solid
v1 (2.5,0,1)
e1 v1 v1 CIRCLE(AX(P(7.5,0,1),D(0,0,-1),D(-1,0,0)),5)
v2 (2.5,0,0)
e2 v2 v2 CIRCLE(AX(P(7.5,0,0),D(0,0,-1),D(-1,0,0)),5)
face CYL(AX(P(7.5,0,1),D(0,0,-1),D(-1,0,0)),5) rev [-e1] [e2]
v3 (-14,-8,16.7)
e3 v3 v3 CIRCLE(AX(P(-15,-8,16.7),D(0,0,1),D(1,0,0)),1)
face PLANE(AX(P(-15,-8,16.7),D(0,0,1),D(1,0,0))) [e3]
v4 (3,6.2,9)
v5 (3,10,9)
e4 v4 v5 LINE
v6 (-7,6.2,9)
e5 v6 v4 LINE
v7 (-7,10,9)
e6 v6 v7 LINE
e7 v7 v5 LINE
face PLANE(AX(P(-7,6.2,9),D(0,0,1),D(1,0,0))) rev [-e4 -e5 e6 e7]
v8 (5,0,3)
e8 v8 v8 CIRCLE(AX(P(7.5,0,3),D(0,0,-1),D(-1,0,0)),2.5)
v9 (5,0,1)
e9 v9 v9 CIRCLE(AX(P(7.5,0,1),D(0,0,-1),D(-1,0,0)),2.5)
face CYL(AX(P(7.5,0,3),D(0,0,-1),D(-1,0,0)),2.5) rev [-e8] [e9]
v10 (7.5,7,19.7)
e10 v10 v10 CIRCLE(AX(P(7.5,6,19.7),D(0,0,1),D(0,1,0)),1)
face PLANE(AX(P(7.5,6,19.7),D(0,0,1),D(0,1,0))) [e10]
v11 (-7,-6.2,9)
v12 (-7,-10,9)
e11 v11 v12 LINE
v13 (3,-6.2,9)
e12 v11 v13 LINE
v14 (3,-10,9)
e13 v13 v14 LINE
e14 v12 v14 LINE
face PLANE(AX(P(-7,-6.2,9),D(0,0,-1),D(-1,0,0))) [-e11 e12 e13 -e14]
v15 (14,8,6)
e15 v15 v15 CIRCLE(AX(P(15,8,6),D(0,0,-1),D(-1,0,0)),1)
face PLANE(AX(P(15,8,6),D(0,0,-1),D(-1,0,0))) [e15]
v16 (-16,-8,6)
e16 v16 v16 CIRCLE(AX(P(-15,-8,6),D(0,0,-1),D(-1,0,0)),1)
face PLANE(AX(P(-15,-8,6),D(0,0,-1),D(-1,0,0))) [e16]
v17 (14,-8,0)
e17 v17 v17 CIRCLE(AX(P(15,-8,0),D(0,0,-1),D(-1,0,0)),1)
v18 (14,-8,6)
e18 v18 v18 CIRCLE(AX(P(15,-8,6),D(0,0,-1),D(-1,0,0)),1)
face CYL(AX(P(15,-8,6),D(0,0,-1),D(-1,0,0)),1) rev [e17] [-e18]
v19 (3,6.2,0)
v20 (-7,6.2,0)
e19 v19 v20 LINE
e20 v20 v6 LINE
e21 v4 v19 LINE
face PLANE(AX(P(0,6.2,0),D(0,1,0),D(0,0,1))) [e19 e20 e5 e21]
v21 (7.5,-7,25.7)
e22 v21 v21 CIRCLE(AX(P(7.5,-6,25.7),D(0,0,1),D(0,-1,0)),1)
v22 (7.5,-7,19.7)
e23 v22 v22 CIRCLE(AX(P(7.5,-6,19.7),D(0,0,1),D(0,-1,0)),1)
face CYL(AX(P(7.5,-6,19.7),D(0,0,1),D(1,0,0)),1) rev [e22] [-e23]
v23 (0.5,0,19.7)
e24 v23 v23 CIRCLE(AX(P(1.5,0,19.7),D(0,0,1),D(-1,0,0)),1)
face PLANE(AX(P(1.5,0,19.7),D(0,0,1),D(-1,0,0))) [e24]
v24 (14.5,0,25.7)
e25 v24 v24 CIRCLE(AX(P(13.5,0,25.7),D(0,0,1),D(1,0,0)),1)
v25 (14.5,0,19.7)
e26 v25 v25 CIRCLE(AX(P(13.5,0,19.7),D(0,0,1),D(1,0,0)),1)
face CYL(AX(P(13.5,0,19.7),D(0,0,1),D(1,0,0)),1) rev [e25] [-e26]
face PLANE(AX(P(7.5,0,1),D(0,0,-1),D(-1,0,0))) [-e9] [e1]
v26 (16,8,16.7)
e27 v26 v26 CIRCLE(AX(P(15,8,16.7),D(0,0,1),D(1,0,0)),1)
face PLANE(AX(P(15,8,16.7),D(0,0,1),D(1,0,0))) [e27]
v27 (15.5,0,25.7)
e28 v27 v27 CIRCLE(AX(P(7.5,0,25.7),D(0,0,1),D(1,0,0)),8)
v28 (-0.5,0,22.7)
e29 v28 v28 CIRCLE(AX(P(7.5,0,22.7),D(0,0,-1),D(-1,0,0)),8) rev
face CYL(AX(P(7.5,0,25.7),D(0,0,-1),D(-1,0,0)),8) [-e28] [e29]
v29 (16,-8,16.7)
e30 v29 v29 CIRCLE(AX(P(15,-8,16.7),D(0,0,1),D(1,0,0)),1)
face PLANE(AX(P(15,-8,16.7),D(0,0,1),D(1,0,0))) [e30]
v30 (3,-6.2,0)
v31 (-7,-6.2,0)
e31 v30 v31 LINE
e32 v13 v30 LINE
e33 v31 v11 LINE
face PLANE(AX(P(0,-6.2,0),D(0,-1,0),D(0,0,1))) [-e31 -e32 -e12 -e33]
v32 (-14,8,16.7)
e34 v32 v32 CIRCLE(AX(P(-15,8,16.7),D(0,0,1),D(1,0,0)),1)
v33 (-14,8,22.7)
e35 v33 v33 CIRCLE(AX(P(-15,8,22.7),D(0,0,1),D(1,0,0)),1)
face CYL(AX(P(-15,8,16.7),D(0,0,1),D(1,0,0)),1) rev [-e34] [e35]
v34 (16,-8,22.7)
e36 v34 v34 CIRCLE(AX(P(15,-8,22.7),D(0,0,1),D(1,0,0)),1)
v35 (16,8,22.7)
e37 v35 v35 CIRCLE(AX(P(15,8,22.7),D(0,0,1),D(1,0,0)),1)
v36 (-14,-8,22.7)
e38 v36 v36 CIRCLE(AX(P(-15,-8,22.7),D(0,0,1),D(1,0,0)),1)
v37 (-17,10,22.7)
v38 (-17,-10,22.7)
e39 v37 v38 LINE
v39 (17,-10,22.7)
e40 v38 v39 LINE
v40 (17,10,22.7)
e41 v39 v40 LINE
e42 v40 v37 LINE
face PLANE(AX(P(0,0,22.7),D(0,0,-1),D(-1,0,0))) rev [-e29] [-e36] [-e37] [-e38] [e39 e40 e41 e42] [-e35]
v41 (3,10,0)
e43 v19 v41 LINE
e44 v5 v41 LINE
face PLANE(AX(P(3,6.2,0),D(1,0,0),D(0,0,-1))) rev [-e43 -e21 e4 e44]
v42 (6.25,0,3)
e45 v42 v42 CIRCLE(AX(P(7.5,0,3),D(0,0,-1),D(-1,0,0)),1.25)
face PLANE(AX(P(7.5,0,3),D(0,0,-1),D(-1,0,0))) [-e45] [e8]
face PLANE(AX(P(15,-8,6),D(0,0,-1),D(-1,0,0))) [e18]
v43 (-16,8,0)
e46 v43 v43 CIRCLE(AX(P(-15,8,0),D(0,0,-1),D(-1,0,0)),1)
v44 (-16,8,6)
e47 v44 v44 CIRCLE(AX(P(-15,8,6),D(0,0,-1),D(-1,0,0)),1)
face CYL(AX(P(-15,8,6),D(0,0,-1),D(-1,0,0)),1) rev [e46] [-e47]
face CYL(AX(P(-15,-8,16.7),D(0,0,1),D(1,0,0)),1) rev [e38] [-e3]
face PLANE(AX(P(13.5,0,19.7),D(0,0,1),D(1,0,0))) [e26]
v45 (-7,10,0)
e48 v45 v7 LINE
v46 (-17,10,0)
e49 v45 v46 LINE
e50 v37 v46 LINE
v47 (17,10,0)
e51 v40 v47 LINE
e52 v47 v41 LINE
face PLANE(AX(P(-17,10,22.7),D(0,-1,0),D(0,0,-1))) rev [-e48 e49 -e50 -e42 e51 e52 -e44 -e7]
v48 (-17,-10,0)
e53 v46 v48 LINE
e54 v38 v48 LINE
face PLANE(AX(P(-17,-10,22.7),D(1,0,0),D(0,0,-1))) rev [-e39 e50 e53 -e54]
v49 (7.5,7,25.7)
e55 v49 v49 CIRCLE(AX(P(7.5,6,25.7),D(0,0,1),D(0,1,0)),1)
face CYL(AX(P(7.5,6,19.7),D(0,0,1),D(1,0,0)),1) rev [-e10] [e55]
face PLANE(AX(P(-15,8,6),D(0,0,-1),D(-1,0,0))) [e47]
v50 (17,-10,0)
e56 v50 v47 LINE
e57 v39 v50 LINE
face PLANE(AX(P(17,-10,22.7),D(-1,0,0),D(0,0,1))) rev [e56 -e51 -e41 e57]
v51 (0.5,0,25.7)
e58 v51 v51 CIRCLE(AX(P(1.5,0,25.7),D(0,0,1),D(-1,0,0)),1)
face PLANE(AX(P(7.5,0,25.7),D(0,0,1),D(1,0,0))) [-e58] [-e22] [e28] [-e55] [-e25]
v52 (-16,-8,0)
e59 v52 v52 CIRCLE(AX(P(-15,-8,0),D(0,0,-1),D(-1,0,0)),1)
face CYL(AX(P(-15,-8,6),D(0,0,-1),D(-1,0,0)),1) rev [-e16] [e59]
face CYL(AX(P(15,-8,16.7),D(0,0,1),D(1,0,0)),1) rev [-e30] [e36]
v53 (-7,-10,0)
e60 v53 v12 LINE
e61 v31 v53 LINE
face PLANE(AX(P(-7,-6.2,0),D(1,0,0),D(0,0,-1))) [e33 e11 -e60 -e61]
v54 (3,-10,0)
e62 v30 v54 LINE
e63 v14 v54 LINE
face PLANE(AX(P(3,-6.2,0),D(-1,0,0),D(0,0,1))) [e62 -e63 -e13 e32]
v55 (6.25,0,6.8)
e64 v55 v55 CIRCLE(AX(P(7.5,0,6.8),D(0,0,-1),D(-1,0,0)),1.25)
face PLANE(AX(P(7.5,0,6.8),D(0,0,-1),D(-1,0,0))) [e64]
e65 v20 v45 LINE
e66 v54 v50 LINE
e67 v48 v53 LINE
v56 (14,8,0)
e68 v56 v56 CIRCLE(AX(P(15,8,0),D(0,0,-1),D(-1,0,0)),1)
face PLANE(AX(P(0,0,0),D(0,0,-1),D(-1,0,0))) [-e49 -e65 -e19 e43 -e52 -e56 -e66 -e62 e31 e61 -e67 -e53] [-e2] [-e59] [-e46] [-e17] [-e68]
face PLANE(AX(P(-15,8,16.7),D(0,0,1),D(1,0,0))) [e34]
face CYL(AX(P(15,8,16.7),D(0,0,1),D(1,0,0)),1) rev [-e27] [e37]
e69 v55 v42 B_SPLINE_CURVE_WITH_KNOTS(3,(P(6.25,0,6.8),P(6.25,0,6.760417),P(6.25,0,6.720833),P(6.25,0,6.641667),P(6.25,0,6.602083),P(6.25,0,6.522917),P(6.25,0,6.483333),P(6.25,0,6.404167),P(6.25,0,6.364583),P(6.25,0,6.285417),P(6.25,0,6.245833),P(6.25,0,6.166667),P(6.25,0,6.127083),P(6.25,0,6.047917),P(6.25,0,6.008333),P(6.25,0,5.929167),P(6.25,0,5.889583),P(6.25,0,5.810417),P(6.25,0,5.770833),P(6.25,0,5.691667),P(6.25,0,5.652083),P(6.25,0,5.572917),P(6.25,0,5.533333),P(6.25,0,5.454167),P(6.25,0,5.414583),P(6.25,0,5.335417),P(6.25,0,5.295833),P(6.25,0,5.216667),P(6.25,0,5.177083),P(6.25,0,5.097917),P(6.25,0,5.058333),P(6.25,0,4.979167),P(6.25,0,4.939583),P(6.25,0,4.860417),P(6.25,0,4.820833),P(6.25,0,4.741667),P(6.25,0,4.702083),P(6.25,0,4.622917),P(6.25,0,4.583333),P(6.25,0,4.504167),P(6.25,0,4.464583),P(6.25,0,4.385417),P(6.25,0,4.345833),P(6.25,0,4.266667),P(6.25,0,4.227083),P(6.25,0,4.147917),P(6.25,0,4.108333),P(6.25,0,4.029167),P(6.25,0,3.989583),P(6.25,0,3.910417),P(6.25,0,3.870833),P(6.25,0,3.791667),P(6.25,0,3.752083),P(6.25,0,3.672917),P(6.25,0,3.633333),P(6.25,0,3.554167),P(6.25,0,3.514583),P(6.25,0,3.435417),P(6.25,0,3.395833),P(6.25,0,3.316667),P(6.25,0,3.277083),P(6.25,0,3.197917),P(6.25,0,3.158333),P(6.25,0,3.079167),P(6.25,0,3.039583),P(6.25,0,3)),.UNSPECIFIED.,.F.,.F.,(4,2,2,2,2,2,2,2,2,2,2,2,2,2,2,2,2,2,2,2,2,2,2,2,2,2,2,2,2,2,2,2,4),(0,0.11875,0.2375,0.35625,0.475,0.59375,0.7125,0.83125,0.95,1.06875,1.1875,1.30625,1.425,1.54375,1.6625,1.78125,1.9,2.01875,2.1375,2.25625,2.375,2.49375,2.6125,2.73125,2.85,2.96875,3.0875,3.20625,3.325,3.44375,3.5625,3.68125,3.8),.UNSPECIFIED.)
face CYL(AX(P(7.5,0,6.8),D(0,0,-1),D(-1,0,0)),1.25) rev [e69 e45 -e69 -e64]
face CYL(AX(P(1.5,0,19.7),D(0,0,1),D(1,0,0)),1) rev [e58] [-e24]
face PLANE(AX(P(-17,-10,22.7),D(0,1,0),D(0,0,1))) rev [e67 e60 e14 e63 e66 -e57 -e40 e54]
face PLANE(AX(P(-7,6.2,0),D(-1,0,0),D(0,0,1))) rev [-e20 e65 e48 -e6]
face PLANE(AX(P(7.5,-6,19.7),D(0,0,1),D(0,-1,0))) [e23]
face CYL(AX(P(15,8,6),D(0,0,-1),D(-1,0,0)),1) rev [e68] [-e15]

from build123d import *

# Parameters (mm, degrees)
SKETCH_1_W               = 34
SKETCH_1_H               = 20
EXTRUDE_1_DEPTH          = 22.7
SKETCH_2_R               = 8
EXTRUDE_2_DEPTH          = 3
SKETCH_3_R               = 1
CUT_EXTRUDE_1_DEPTH      = 6
CUT_EXTRUDE_START        = -6
SKETCH_5_R               = 1
CUT_EXTRUDE_2_DEPTH      = 6
SKETCH_6_R               = 5
CUT_EXTRUDE_3_DEPTH      = 1
SKETCH_7_R               = 2.5
CUT_EXTRUDE_4_DEPTH      = 2
SKETCH_8_W               = 10
SKETCH_8_H               = 9
CUT_EXTRUDE_5_DEPTH      = 3.8
SKETCH_9_R               = 1.25
CUT_EXTRUDE_6_DEPTH      = 3.8
SKETCH_10_R              = 1
CUT_EXTRUDE_7_DEPTH      = 6
PATTERN_CIRCULAR_1_COUNT = 4


with BuildPart() as part:
    # 草图1 → 凸台-拉伸1 (new body)
    with BuildSketch(Plane.XY):
        Rectangle(SKETCH_1_W, SKETCH_1_H)
    extrude(amount=EXTRUDE_1_DEPTH)

    # 草图2 → 凸台-拉伸2 (add)
    with BuildSketch(Plane.XY.offset(22.7)):
        with Locations(Location((7.5, 0, 0), (0, 0, 180))):
            Circle(SKETCH_2_R)
    extrude(amount=EXTRUDE_2_DEPTH)

    # 草图3 → 切除-拉伸1 (cut)
    with BuildSketch(Plane.XY.offset(22.7)):
        with Locations((-15, 8)):
            Circle(SKETCH_3_R)
        with Locations((15, 8)):
            Circle(SKETCH_3_R)
        with Locations((-15, -8)):
            Circle(SKETCH_3_R)
        with Locations((15, -8)):
            Circle(SKETCH_3_R)
    extrude(amount=-CUT_EXTRUDE_1_DEPTH, mode=Mode.SUBTRACT)

    # 草图5 → 切除-拉伸2 (cut)
    with BuildSketch(Plane(origin=(0, 0, 0), x_dir=(-1, 0, 0), z_dir=(0, 0, -1)).offset(CUT_EXTRUDE_START)):
        with Locations(Location((-15, 8, 0), (0, 0, 180))):
            Circle(SKETCH_5_R)
        with Locations(Location((15, 8, 0), (0, 0, 180))):
            Circle(SKETCH_5_R)
        with Locations(Location((-15, -8, 0), (0, 0, 180))):
            Circle(SKETCH_5_R)
        with Locations(Location((15, -8, 0), (0, 0, 180))):
            Circle(SKETCH_5_R)
    extrude(amount=CUT_EXTRUDE_2_DEPTH, mode=Mode.SUBTRACT)

    # 草图6 → 切除-拉伸3 (cut)
    with BuildSketch(Plane(origin=(0, 0, 0), x_dir=(-1, 0, 0), z_dir=(0, 0, -1))):
        with Locations((-7.5, 0)):
            Circle(SKETCH_6_R)
    extrude(amount=-CUT_EXTRUDE_3_DEPTH, mode=Mode.SUBTRACT)

    # 草图7 → 切除-拉伸4 (cut)
    with BuildSketch(Plane(origin=(0, 0, 1), x_dir=(-1, 0, 0), z_dir=(0, 0, -1))):
        with Locations((-7.5, 0)):
            Circle(SKETCH_7_R)
    extrude(amount=-CUT_EXTRUDE_4_DEPTH, mode=Mode.SUBTRACT)

    # 草图8 → 切除-拉伸5 (cut)
    with BuildSketch(Plane(origin=(0, 10, 0), x_dir=(1, 0, 0), z_dir=(0, 1, 0))):
        with Locations((-2, -4.5)):
            Rectangle(SKETCH_8_W, SKETCH_8_H)
    cut_extrude_5 = extrude(amount=-CUT_EXTRUDE_5_DEPTH, mode=Mode.SUBTRACT)

    # 镜向1: 切除-拉伸5 across plane
    add(cut_extrude_5.mirror(Plane.ZX), mode=Mode.SUBTRACT)

    # 草图9 → 切除-拉伸6 (cut)
    with BuildSketch(Plane(origin=(0, 0, 3), x_dir=(-1, 0, 0), z_dir=(0, 0, -1))):
        with Locations((-7.5, 0)):
            Circle(SKETCH_9_R)
    extrude(amount=-CUT_EXTRUDE_6_DEPTH, mode=Mode.SUBTRACT)

    # 草图10 → 切除-拉伸7 (cut)
    with BuildSketch(Plane.XY.offset(25.7)):
        with Locations((13.5, 0)):
            Circle(SKETCH_10_R)
    cut_extrude_7 = extrude(amount=-CUT_EXTRUDE_7_DEPTH, mode=Mode.SUBTRACT)

    # 阵列(圆周)1: 切除-拉伸7 ×4 about axis
    pattern_circular_1_axis = Axis((7.5, 0, 0), (0, 0, 1))
    for i in range(1, PATTERN_CIRCULAR_1_COUNT):
        add(cut_extrude_7.rotate(pattern_circular_1_axis, i * 360 / PATTERN_CIRCULAR_1_COUNT), mode=Mode.SUBTRACT)


solid = part.part
